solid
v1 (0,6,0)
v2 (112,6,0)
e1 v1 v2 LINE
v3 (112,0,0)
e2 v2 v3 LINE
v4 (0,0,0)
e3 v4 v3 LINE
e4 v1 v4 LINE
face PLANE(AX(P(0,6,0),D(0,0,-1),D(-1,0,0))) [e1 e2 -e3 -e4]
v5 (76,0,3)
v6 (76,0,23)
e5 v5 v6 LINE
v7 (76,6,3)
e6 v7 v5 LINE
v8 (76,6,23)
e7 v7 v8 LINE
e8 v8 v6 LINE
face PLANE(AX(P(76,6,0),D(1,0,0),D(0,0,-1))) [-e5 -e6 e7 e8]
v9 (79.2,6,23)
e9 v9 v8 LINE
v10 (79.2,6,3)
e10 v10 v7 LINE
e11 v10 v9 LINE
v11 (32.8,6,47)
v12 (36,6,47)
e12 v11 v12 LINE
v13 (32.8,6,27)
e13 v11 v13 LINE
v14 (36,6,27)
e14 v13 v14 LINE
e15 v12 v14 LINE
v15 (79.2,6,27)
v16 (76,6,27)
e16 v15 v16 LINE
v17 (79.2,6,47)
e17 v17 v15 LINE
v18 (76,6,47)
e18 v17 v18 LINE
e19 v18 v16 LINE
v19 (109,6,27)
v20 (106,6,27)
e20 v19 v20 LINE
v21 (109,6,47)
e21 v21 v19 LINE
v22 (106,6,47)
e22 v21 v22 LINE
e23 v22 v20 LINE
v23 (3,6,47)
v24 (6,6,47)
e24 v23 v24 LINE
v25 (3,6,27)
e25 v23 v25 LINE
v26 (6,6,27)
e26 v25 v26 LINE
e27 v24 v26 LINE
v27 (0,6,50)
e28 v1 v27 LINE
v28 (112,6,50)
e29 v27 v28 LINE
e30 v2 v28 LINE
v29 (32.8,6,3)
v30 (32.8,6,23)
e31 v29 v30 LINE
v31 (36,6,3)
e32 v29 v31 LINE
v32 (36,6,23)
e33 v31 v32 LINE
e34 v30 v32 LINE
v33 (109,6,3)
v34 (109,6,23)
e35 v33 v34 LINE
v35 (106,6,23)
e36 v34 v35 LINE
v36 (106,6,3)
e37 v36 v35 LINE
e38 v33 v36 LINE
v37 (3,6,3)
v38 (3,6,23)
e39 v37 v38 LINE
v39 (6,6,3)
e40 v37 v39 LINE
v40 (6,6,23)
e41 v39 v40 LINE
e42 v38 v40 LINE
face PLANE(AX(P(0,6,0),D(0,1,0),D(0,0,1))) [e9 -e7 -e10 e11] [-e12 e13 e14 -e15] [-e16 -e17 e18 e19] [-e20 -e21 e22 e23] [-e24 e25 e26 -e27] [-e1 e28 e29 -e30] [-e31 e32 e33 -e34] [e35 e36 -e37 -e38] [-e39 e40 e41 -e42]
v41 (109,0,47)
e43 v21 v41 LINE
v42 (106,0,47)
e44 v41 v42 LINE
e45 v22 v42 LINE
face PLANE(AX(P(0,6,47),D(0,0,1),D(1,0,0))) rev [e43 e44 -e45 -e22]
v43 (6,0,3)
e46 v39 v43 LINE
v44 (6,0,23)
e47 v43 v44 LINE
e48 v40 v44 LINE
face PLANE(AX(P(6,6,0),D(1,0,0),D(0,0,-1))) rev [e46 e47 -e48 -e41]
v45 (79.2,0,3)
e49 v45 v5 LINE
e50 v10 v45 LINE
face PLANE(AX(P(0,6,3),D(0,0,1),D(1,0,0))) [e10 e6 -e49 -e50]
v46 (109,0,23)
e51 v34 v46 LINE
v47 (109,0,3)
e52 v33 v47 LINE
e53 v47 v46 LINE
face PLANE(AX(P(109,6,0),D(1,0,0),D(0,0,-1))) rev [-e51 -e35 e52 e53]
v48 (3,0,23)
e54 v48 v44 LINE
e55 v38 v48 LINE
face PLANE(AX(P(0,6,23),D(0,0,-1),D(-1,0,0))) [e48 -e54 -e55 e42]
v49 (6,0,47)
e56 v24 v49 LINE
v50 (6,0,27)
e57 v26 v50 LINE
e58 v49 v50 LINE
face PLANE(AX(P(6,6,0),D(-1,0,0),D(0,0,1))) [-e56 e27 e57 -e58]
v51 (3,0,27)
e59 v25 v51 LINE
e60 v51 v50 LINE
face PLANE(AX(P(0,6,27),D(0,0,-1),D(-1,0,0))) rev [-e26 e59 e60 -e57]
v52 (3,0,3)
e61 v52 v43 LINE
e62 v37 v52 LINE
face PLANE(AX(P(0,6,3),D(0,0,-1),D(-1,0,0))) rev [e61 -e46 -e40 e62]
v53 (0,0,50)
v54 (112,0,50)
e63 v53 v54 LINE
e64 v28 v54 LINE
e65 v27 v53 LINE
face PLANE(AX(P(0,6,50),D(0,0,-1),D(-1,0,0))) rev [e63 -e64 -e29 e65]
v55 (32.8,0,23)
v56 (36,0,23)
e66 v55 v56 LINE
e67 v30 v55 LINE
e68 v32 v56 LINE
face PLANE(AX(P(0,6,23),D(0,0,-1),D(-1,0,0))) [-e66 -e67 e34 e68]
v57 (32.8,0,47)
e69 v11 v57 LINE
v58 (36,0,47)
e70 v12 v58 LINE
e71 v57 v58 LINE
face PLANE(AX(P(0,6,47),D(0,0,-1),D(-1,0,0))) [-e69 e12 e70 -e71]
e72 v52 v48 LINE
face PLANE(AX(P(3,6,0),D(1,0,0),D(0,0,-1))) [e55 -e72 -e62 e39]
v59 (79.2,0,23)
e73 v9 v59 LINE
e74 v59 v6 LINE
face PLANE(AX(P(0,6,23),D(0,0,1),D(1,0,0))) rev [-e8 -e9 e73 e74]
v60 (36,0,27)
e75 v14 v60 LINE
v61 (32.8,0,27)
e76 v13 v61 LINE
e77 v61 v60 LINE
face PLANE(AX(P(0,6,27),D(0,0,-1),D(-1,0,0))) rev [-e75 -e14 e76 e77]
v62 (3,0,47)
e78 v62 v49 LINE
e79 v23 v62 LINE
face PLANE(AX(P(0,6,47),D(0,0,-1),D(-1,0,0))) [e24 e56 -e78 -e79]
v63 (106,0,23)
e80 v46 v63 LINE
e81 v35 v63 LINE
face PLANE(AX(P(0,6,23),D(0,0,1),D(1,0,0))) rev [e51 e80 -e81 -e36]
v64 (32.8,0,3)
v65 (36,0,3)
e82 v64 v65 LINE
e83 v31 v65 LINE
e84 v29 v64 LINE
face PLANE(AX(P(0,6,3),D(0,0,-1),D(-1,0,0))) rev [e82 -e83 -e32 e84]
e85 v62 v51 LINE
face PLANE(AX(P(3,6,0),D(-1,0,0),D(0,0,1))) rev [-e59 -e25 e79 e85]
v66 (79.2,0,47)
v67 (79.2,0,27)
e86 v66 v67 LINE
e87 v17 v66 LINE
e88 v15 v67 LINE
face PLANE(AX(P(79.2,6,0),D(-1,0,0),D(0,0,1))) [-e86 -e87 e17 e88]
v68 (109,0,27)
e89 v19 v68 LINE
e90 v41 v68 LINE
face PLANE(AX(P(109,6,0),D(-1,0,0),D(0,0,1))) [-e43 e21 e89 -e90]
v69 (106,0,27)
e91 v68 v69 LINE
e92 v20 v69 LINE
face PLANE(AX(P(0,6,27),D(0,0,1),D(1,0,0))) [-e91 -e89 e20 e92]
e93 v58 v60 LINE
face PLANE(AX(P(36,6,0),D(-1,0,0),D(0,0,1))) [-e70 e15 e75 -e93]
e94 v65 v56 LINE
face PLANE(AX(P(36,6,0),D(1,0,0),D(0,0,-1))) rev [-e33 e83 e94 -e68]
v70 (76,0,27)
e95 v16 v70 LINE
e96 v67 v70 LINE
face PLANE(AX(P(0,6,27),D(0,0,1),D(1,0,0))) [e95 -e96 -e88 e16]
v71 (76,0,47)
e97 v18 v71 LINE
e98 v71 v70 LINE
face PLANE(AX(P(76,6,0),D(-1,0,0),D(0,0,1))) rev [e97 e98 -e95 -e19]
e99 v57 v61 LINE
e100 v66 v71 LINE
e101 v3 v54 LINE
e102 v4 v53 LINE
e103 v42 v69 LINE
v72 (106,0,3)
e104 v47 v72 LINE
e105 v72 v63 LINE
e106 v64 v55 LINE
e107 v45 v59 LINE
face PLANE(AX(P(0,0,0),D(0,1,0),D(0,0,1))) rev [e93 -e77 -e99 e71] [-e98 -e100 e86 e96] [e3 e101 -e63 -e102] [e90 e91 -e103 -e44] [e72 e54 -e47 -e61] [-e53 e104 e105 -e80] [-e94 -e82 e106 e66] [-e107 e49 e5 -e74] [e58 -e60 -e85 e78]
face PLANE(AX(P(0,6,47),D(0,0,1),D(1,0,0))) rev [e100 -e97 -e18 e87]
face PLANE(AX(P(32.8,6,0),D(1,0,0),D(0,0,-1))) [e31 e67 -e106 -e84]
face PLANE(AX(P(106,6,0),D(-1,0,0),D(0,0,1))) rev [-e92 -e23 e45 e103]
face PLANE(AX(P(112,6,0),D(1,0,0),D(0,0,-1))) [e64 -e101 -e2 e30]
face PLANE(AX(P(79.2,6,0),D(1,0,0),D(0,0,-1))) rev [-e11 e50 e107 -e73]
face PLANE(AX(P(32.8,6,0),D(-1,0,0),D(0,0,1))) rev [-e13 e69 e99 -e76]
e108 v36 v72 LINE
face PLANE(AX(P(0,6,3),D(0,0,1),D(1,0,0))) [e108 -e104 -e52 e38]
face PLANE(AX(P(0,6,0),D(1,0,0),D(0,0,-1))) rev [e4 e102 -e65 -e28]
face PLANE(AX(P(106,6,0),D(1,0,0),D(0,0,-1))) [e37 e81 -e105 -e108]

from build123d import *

# Parameters (mm, degrees)
SKETCH_1_W      = 112
SKETCH_1_H      = 50
SKETCH_1_W_2    = 3
SKETCH_1_H_2    = 20
SKETCH_1_W_3    = 3.2
EXTRUDE_1_DEPTH = 6


with BuildPart() as part:
    # 草图1 → 凸台-拉伸1 (new body)
    with BuildSketch(Plane(origin=(0, 0, 0), x_dir=(1, 0, 0), z_dir=(0, 1, 0))):
        with Locations((56, -25)):
            Rectangle(SKETCH_1_W, SKETCH_1_H)
        with Locations((4.5, -13)):
            Rectangle(SKETCH_1_W_2, SKETCH_1_H_2, mode=Mode.SUBTRACT)
        with Locations((4.5, -37)):
            Rectangle(SKETCH_1_W_2, SKETCH_1_H_2, mode=Mode.SUBTRACT)
        with Locations((107.5, -13)):
            Rectangle(SKETCH_1_W_2, SKETCH_1_H_2, mode=Mode.SUBTRACT)
        with Locations((107.5, -37)):
            Rectangle(SKETCH_1_W_2, SKETCH_1_H_2, mode=Mode.SUBTRACT)
        with Locations((34.4, -37)):
            Rectangle(SKETCH_1_W_3, SKETCH_1_H_2, mode=Mode.SUBTRACT)
        with Locations((34.4, -13)):
            Rectangle(SKETCH_1_W_3, SKETCH_1_H_2, mode=Mode.SUBTRACT)
        with Locations((77.6, -37)):
            Rectangle(SKETCH_1_W_3, SKETCH_1_H_2, mode=Mode.SUBTRACT)
        with Locations((77.6, -13)):
            Rectangle(SKETCH_1_W_3, SKETCH_1_H_2, mode=Mode.SUBTRACT)
    extrude(amount=EXTRUDE_1_DEPTH)


solid = part.part
